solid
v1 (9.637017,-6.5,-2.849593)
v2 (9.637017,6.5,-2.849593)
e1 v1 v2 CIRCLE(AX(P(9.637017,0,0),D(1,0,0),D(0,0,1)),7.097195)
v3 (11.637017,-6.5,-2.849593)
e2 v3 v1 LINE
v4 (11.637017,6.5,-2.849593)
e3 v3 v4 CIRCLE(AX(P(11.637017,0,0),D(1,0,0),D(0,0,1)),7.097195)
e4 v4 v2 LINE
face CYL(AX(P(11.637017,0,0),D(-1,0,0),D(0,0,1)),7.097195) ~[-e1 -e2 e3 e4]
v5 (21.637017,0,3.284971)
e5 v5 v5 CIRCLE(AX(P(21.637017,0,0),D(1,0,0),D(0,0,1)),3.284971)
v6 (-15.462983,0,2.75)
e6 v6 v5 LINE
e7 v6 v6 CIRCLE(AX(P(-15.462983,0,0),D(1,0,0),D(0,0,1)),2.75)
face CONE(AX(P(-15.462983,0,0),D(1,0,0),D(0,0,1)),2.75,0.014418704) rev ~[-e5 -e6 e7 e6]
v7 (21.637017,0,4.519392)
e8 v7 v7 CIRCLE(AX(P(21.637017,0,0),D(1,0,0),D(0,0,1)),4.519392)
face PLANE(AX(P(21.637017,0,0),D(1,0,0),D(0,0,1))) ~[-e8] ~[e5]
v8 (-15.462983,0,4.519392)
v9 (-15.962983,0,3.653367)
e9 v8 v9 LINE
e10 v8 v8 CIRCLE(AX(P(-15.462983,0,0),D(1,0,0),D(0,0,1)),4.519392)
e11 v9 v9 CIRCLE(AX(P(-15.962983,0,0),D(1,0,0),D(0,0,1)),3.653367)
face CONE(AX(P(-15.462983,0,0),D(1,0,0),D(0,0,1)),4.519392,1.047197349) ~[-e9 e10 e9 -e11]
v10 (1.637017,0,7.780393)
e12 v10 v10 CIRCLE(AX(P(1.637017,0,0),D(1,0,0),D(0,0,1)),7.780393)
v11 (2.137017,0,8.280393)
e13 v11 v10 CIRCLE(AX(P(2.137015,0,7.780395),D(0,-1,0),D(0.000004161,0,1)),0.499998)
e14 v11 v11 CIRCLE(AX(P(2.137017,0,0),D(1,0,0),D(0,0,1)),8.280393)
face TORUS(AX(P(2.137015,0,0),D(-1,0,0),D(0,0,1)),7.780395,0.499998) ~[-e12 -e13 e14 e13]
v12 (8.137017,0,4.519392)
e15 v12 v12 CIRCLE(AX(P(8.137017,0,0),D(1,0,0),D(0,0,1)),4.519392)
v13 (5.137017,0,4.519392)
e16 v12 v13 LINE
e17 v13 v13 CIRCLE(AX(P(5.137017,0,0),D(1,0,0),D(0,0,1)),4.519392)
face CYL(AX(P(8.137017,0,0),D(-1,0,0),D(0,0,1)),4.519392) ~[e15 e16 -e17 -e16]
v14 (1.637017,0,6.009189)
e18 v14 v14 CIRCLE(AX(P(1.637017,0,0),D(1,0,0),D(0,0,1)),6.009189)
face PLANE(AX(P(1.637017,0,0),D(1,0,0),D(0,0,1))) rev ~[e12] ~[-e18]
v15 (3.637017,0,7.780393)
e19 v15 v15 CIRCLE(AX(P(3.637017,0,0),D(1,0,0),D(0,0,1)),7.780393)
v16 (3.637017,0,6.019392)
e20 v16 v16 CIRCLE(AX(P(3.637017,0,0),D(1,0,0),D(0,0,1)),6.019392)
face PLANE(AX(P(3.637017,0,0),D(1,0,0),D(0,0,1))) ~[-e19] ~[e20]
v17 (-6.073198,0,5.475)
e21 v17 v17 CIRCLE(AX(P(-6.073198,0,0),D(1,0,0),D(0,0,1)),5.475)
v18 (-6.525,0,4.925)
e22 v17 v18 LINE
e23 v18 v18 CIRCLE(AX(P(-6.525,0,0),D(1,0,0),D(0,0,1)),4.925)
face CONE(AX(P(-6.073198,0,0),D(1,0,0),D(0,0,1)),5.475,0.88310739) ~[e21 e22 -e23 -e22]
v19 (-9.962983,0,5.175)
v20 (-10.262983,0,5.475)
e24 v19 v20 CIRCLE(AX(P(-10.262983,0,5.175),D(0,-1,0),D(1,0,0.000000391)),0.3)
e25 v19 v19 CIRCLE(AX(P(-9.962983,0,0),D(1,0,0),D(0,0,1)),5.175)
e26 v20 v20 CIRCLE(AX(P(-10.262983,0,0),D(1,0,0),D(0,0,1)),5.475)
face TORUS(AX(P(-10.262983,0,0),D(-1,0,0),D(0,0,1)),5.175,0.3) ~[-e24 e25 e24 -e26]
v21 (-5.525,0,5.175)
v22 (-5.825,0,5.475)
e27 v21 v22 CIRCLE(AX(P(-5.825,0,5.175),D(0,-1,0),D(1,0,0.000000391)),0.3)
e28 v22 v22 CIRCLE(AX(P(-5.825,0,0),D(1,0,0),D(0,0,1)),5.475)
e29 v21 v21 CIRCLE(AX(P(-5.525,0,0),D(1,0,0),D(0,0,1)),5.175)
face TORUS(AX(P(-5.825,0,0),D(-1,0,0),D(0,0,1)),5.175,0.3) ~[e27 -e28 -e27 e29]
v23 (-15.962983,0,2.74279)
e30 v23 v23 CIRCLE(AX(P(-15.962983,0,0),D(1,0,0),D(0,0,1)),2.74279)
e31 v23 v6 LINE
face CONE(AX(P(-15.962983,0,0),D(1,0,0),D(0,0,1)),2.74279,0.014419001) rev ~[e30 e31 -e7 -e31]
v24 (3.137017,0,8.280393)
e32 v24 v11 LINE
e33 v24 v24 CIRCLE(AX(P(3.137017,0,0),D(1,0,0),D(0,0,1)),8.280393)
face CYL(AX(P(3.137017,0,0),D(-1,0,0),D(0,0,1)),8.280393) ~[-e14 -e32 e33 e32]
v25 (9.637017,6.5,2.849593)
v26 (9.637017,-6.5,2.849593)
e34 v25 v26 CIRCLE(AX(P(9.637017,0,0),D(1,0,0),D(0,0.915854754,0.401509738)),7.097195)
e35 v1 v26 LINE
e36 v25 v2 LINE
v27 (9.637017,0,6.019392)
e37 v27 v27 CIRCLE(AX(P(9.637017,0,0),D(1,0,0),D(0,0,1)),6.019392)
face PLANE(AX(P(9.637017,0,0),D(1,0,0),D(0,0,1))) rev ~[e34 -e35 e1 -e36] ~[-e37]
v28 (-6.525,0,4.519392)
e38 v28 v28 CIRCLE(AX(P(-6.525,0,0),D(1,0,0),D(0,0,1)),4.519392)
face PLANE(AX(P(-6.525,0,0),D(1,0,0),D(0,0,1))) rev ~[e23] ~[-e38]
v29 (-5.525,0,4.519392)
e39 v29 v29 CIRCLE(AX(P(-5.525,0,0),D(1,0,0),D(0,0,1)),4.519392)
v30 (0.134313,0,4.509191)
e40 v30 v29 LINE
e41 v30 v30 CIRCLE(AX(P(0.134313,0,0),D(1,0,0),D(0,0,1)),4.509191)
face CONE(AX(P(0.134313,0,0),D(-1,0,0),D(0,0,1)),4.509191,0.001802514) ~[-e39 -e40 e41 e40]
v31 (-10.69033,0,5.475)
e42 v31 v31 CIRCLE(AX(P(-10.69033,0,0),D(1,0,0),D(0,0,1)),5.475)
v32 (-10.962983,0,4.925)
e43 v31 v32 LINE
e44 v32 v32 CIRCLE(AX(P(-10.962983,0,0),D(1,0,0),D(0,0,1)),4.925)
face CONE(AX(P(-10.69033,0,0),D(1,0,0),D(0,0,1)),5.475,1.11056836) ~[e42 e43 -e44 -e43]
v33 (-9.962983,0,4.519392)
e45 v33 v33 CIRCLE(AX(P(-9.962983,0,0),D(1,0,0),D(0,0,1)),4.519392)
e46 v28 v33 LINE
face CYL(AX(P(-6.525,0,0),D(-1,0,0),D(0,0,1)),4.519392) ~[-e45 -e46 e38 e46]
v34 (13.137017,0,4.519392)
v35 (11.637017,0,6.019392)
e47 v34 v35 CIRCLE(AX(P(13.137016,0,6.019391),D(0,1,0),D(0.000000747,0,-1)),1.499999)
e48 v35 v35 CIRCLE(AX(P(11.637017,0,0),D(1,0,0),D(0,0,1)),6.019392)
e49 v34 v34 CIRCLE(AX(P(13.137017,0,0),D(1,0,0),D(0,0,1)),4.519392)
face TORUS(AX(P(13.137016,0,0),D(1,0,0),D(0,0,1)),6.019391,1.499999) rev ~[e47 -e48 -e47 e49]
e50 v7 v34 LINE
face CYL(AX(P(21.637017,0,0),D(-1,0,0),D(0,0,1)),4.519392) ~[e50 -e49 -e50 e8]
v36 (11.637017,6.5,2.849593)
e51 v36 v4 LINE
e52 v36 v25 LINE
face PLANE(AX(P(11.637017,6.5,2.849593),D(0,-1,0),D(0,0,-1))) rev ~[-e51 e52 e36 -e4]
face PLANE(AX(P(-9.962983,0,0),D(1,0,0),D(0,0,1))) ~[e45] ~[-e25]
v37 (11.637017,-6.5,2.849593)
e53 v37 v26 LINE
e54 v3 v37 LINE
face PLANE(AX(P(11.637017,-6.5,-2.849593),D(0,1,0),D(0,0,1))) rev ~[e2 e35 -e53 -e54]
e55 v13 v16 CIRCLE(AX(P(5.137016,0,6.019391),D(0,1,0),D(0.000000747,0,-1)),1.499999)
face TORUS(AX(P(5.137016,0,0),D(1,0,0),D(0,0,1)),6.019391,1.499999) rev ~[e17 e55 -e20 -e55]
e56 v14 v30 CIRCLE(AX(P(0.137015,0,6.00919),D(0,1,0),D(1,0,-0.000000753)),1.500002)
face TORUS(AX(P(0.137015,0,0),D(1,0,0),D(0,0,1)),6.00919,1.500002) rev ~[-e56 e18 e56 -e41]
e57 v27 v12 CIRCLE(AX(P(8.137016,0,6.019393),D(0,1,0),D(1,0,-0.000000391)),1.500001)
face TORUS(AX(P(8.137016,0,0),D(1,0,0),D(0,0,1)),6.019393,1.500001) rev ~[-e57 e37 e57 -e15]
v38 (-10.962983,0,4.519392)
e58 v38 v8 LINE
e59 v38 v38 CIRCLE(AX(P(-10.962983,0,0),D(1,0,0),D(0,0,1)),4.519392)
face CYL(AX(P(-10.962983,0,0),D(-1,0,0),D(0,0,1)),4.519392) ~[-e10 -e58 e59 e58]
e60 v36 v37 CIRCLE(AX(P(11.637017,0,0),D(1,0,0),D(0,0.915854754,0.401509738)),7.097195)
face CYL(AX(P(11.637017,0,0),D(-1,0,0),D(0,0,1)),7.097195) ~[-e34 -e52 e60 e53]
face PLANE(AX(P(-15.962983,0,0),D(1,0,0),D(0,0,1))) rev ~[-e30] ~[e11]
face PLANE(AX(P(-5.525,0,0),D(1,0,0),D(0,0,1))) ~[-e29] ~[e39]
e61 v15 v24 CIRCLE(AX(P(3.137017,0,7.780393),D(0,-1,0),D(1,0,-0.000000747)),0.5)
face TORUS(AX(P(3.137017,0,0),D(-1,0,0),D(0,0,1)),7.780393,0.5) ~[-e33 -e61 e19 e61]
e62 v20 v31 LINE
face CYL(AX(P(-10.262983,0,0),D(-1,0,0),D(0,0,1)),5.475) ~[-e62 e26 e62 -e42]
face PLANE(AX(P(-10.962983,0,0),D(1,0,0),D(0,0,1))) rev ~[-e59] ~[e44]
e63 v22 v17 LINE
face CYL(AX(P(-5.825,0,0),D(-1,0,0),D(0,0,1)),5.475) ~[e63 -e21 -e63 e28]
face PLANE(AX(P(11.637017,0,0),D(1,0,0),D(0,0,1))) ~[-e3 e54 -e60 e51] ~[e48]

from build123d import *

# Parameters (mm, degrees)
F3_DEPTH = 4


with BuildPart() as f1:
    # F0 (on Front) → F1 (revolve)
    with BuildSketch(Plane.XZ):
        Polygon((-15.462983, 2.75), (-15.462983, 4.519392), (-15.962983, 3.653367), (-15.962983, 2.74279), align=None)
        with BuildLine():
            Line((-10.962983, 4.519392), (-15.462983, 4.519392))
            Line((-15.462983, 4.519392), (-15.462983, 2.75))
            Line((-15.462983, 2.75), (21.637017, 3.284971))
            Line((21.637017, 3.284971), (21.637017, 4.519392))
            Line((21.637017, 4.519392), (13.137017, 4.519392))
            ThreePointArc((13.137017, 4.519392), (12.076356, 4.958732), (11.637017, 6.019392))
            Line((11.637017, 6.019392), (11.637017, 7.097195))
            Line((11.637017, 7.097195), (9.637017, 7.097195))
            Line((9.637017, 7.097195), (9.637017, 6.019392))
            ThreePointArc((9.637017, 6.019392), (9.197677, 4.958732), (8.137017, 4.519392))
            Line((8.137017, 4.519392), (5.137017, 4.519392))
            ThreePointArc((5.137017, 4.519392), (4.076356, 4.958732), (3.637017, 6.019392))
            Line((3.637017, 6.019392), (3.637017, 7.780393))
            ThreePointArc((3.637017, 7.780393), (3.49057, 8.133947), (3.137017, 8.280393))
            Line((3.137017, 8.280393), (2.137017, 8.280393))
            ThreePointArc((2.137017, 8.280393), (1.783463, 8.133947), (1.637017, 7.780393))
            Line((1.637017, 7.780393), (1.637017, 6.009189))
            ThreePointArc((1.637017, 6.009189), (1.19672, 4.947573), (0.134313, 4.509191))
            Line((0.134313, 4.509191), (-5.525, 4.519392))
            Line((-5.525, 4.519392), (-5.525, 5.175))
            ThreePointArc((-5.525, 5.175), (-5.612868, 5.387132), (-5.825, 5.475))
            Line((-5.825, 5.475), (-6.073198, 5.475))
            Line((-6.073198, 5.475), (-6.525, 4.925))
            Line((-6.525, 4.925), (-6.525, 4.519392))
            Line((-6.525, 4.519392), (-9.962983, 4.519392))
            Line((-9.962983, 4.519392), (-9.962983, 5.175))
            ThreePointArc((-9.962983, 5.175), (-10.050851, 5.387132), (-10.262983, 5.475))
            Line((-10.262983, 5.475), (-10.69033, 5.475))
            Line((-10.69033, 5.475), (-10.962983, 4.925))
            Line((-10.962983, 4.925), (-10.962983, 4.519392))
        make_face()
    revolve(axis=Axis((2.837017, 0, 0), (1, 0, 0)))

    # F2 (on face) → F3 (cut)
    with BuildSketch(Plane.YZ.offset(11.637017)):
        with BuildLine():
            Line((-6.5, -2.849593), (-6.5, 2.849593))
            ThreePointArc((-6.5, 2.849593), (-7.097195, 0), (-6.5, -2.849593))
        make_face()
        with BuildLine():
            ThreePointArc((7.097195, 0), (6.946292, 1.455749), (6.5, 2.849593))
            Line((6.5, 2.849593), (6.5, -2.849593))
            ThreePointArc((6.5, -2.849593), (6.946292, -1.455749), (7.097195, 0))
        make_face()
    extrude(amount=-F3_DEPTH, mode=Mode.SUBTRACT)


solid = f1.part
